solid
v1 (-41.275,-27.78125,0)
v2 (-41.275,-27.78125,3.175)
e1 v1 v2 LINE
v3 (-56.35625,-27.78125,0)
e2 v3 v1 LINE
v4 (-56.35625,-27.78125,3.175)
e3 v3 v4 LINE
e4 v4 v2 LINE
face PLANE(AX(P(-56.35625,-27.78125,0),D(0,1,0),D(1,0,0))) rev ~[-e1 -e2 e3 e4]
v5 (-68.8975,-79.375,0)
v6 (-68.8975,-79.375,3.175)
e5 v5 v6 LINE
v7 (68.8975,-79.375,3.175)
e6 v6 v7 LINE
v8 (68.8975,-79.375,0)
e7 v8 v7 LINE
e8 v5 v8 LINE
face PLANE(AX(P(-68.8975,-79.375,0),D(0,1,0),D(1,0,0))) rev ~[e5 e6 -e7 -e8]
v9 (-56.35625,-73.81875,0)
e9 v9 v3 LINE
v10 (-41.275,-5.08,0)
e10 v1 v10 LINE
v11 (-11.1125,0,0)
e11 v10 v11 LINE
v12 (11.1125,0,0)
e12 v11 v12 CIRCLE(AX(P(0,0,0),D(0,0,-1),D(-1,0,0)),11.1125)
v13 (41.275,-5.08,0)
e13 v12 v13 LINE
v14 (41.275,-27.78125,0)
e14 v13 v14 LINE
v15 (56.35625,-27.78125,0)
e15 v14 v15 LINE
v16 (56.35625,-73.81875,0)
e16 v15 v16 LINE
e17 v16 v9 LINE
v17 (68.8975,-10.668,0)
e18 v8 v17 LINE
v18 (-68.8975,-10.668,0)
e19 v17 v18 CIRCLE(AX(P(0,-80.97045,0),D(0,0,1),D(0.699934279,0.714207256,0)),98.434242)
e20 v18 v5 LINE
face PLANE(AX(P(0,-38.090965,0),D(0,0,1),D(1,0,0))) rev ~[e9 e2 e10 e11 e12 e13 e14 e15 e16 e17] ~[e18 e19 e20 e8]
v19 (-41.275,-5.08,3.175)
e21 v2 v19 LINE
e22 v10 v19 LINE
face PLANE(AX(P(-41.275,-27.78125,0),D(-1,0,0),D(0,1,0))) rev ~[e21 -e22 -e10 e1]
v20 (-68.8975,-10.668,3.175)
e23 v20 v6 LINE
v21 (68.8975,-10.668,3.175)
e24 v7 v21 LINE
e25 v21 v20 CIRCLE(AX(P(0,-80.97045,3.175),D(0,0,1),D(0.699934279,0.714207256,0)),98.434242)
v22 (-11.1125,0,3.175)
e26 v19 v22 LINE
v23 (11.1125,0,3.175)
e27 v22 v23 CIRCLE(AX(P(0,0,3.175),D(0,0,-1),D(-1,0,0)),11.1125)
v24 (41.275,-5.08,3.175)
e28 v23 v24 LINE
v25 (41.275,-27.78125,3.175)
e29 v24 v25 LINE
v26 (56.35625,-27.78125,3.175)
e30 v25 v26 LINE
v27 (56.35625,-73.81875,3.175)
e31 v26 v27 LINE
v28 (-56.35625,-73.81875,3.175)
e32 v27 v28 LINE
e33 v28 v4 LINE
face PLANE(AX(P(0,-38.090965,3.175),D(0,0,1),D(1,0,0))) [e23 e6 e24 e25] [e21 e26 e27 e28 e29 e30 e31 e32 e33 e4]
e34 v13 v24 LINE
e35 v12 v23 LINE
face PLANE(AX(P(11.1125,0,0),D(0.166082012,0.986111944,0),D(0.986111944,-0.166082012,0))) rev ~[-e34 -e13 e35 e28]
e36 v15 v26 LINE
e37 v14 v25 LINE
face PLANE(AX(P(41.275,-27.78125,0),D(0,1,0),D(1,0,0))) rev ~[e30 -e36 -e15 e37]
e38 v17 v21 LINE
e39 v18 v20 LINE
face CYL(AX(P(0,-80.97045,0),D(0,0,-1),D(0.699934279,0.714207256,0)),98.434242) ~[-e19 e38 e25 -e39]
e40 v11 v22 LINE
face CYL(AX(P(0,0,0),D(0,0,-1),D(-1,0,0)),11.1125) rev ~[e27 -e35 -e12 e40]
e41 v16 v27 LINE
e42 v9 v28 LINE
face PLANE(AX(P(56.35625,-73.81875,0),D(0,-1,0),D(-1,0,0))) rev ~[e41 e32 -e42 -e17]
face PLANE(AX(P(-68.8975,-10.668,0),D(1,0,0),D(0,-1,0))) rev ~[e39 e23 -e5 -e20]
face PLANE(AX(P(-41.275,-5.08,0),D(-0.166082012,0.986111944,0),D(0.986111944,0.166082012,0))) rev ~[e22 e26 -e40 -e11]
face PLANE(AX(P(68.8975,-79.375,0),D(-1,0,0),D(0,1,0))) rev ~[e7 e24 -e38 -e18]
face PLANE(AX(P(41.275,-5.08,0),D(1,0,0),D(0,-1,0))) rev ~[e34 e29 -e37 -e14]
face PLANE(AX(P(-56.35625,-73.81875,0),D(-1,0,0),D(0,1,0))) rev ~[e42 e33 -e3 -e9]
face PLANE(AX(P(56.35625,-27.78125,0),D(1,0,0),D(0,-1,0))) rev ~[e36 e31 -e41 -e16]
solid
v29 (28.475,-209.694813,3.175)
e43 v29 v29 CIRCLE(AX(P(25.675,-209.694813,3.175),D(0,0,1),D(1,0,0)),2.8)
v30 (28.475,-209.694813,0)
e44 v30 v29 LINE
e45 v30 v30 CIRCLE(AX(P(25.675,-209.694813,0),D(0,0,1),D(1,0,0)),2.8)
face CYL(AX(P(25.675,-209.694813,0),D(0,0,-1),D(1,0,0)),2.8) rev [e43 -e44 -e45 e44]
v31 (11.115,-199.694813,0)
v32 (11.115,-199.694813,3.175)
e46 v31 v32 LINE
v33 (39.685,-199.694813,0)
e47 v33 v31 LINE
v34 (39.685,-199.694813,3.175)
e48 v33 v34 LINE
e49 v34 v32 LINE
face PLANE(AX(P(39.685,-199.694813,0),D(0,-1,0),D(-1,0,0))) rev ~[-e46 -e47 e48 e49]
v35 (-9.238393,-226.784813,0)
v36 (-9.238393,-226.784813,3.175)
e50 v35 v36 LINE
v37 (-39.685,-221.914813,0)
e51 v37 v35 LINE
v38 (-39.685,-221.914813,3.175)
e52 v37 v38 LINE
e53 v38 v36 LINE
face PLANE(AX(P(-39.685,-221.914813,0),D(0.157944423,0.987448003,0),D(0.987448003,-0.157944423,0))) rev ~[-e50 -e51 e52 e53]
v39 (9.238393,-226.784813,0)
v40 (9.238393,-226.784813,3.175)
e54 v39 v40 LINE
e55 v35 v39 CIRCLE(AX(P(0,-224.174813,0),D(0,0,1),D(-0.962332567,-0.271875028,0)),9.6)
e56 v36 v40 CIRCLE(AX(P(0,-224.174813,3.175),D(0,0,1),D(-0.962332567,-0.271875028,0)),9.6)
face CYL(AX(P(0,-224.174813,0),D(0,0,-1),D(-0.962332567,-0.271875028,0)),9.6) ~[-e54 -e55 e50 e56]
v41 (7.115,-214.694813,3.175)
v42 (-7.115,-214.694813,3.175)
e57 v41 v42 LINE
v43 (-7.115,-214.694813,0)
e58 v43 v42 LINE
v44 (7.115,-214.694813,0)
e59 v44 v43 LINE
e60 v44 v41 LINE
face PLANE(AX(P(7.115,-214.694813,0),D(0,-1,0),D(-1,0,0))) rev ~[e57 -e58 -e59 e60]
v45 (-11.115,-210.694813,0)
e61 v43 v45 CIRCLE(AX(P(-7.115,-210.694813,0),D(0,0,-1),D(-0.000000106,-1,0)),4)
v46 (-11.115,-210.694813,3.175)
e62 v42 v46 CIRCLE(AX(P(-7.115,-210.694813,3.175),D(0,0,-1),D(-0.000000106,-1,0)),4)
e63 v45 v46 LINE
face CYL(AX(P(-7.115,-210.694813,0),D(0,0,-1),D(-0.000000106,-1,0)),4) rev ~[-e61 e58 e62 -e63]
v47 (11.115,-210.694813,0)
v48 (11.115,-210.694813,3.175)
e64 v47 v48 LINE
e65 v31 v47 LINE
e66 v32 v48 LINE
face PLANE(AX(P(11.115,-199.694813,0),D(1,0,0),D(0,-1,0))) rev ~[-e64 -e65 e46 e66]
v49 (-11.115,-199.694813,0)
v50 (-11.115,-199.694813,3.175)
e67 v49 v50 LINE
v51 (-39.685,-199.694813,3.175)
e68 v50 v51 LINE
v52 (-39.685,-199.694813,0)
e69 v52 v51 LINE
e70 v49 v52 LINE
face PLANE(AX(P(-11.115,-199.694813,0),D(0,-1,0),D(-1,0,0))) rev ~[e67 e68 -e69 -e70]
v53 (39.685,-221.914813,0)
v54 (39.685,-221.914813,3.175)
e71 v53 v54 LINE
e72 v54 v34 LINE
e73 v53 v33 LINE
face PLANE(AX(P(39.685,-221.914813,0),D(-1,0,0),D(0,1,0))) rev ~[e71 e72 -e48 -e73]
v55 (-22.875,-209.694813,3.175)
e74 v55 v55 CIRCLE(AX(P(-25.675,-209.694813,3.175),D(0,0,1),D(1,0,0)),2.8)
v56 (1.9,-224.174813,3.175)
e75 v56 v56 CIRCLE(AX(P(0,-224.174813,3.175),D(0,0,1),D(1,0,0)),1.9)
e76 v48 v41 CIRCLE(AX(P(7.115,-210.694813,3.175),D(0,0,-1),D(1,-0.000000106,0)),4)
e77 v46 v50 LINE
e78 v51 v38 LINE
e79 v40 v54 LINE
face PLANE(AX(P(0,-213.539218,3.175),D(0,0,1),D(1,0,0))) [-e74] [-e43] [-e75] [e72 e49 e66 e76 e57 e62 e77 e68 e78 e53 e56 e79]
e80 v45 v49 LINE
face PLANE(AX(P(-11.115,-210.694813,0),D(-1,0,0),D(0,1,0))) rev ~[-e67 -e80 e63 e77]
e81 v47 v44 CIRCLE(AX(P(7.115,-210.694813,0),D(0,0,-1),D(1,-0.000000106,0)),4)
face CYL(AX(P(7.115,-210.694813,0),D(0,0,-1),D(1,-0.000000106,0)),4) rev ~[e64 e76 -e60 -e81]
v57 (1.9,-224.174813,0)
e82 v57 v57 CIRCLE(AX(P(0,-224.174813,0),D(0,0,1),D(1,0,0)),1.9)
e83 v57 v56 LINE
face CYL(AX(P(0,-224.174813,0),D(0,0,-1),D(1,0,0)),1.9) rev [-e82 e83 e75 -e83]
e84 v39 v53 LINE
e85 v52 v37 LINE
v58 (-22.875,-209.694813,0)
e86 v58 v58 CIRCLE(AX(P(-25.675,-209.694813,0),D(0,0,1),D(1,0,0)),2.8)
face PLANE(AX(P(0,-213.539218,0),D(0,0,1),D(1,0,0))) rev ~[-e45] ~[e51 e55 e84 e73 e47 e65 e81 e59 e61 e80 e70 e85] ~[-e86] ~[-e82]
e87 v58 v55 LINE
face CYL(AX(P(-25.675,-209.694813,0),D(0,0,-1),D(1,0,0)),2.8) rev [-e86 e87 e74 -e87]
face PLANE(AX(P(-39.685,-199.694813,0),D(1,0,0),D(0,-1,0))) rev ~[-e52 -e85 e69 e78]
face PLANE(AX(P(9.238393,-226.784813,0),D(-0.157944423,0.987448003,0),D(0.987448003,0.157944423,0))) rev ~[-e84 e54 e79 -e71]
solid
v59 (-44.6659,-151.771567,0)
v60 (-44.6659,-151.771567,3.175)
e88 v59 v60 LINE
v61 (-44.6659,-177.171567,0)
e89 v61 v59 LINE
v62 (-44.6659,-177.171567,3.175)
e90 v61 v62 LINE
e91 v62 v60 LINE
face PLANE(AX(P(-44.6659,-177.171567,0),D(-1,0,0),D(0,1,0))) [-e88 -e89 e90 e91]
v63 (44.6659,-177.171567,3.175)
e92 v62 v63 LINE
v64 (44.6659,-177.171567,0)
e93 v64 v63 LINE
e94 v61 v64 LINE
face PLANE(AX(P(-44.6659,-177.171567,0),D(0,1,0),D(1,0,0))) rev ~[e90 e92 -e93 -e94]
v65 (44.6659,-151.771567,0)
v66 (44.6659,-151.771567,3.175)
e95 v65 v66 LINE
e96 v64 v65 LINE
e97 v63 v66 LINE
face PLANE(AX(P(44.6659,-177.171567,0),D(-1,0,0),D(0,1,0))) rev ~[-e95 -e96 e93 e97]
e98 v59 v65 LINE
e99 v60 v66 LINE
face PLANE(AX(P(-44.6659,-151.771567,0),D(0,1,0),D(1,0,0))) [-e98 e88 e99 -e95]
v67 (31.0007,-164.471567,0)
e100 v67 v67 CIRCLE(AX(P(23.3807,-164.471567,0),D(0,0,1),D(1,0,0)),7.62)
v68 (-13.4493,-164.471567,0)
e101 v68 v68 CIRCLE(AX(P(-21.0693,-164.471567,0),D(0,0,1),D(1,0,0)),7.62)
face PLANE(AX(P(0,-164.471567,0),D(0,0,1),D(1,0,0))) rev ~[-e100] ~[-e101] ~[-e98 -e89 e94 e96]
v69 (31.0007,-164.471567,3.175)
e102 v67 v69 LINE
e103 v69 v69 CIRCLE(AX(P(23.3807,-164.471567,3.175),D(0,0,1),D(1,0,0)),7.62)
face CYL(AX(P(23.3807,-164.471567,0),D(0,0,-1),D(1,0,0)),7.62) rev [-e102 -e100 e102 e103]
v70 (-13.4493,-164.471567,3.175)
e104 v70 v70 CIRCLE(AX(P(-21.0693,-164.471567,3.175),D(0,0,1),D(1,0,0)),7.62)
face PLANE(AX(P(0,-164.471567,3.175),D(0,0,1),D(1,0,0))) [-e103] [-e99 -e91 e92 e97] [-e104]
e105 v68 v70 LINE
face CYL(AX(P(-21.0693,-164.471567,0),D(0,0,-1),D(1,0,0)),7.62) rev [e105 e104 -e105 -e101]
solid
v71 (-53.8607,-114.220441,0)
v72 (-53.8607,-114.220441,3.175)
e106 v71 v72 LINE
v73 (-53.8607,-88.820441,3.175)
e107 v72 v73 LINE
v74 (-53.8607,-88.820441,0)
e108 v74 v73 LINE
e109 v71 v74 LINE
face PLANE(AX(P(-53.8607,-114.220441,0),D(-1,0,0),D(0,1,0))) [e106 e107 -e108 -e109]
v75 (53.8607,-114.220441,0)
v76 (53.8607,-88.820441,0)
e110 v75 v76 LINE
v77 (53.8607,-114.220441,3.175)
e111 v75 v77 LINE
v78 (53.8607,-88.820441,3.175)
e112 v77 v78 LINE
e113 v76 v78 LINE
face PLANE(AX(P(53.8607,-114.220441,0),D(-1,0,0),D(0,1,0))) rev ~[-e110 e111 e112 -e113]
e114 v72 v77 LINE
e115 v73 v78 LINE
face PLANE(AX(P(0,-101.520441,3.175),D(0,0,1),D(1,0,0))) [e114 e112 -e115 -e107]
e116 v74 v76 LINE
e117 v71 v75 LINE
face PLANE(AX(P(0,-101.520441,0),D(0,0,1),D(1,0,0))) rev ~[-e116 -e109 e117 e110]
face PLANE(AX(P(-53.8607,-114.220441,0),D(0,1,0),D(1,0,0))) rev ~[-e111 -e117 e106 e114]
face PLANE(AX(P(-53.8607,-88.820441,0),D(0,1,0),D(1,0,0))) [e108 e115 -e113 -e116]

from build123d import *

# Parameters (mm, degrees)
F1_W     = 107.7214
F1_H     = 25.4
F2_W     = 89.3318
F2_H     = 25.4
F2_R     = 7.62
F3_R     = 1.9
F3_R_2   = 2.8
F4_DEPTH = 3.175


with BuildPart() as f4:
    # F0 (on Top) + F1 (on Top) + F2 (on Top) + F3 (on Top) → F4 (new body)
    with BuildSketch(Plane.XY):
        with BuildLine():
            Line((-68.8975, -79.375), (68.8975, -79.375))
            Line((68.8975, -79.375), (68.8975, -10.668))
            ThreePointArc((68.8975, -10.668), (0, 17.463792), (-68.8975, -10.668))
            Line((-68.8975, -10.668), (-68.8975, -79.375))
        make_face()
        with BuildLine():
            ThreePointArc((-11.1125, 0), (0, 11.1125), (11.1125, 0))
            Line((11.1125, 0), (41.275, -5.08))
            Line((41.275, -5.08), (41.275, -27.78125))
            Line((41.275, -27.78125), (56.35625, -27.78125))
            Line((56.35625, -27.78125), (56.35625, -73.81875))
            Line((56.35625, -73.81875), (-56.35625, -73.81875))
            Line((-56.35625, -73.81875), (-56.35625, -27.78125))
            Line((-56.35625, -27.78125), (-41.275, -27.78125))
            Line((-41.275, -27.78125), (-41.275, -5.08))
            Line((-41.275, -5.08), (-11.1125, 0))
        make_face(mode=Mode.SUBTRACT)
    with BuildSketch(Plane.XY):
        with Locations((0, -101.520441)):
            Rectangle(F1_W, F1_H)
    with BuildSketch(Plane.XY):
        with Locations((0, -164.471567)):
            Rectangle(F2_W, F2_H)
        with Locations((-21.0693, -164.471567)):
            Circle(F2_R, mode=Mode.SUBTRACT)
        with Locations((23.3807, -164.471567)):
            Circle(F2_R, mode=Mode.SUBTRACT)
    with BuildSketch(Plane.XY):
        with BuildLine():
            Line((39.685, -221.914813), (39.685, -199.694813))
            Line((39.685, -199.694813), (11.115, -199.694813))
            Line((11.115, -199.694813), (11.115, -210.694813))
            ThreePointArc((11.115, -210.694813), (9.943427, -213.52324), (7.115, -214.694813))
            Line((7.115, -214.694813), (-7.115, -214.694813))
            ThreePointArc((-7.115, -214.694813), (-9.943427, -213.52324), (-11.115, -210.694813))
            Line((-11.115, -210.694813), (-11.115, -199.694813))
            Line((-11.115, -199.694813), (-39.685, -199.694813))
            Line((-39.685, -199.694813), (-39.685, -221.914813))
            Line((-39.685, -221.914813), (-9.238393, -226.784813))
            ThreePointArc((-9.238393, -226.784813), (0, -233.774813), (9.238393, -226.784813))
            Line((9.238393, -226.784813), (39.685, -221.914813))
        make_face()
        with Locations((0, -224.174813)):
            Circle(F3_R, mode=Mode.SUBTRACT)
        with Locations((-25.675, -209.694813)):
            Circle(F3_R_2, mode=Mode.SUBTRACT)
        with Locations((25.675, -209.694813)):
            Circle(F3_R_2, mode=Mode.SUBTRACT)
    extrude(amount=F4_DEPTH)


solid = f4.part
